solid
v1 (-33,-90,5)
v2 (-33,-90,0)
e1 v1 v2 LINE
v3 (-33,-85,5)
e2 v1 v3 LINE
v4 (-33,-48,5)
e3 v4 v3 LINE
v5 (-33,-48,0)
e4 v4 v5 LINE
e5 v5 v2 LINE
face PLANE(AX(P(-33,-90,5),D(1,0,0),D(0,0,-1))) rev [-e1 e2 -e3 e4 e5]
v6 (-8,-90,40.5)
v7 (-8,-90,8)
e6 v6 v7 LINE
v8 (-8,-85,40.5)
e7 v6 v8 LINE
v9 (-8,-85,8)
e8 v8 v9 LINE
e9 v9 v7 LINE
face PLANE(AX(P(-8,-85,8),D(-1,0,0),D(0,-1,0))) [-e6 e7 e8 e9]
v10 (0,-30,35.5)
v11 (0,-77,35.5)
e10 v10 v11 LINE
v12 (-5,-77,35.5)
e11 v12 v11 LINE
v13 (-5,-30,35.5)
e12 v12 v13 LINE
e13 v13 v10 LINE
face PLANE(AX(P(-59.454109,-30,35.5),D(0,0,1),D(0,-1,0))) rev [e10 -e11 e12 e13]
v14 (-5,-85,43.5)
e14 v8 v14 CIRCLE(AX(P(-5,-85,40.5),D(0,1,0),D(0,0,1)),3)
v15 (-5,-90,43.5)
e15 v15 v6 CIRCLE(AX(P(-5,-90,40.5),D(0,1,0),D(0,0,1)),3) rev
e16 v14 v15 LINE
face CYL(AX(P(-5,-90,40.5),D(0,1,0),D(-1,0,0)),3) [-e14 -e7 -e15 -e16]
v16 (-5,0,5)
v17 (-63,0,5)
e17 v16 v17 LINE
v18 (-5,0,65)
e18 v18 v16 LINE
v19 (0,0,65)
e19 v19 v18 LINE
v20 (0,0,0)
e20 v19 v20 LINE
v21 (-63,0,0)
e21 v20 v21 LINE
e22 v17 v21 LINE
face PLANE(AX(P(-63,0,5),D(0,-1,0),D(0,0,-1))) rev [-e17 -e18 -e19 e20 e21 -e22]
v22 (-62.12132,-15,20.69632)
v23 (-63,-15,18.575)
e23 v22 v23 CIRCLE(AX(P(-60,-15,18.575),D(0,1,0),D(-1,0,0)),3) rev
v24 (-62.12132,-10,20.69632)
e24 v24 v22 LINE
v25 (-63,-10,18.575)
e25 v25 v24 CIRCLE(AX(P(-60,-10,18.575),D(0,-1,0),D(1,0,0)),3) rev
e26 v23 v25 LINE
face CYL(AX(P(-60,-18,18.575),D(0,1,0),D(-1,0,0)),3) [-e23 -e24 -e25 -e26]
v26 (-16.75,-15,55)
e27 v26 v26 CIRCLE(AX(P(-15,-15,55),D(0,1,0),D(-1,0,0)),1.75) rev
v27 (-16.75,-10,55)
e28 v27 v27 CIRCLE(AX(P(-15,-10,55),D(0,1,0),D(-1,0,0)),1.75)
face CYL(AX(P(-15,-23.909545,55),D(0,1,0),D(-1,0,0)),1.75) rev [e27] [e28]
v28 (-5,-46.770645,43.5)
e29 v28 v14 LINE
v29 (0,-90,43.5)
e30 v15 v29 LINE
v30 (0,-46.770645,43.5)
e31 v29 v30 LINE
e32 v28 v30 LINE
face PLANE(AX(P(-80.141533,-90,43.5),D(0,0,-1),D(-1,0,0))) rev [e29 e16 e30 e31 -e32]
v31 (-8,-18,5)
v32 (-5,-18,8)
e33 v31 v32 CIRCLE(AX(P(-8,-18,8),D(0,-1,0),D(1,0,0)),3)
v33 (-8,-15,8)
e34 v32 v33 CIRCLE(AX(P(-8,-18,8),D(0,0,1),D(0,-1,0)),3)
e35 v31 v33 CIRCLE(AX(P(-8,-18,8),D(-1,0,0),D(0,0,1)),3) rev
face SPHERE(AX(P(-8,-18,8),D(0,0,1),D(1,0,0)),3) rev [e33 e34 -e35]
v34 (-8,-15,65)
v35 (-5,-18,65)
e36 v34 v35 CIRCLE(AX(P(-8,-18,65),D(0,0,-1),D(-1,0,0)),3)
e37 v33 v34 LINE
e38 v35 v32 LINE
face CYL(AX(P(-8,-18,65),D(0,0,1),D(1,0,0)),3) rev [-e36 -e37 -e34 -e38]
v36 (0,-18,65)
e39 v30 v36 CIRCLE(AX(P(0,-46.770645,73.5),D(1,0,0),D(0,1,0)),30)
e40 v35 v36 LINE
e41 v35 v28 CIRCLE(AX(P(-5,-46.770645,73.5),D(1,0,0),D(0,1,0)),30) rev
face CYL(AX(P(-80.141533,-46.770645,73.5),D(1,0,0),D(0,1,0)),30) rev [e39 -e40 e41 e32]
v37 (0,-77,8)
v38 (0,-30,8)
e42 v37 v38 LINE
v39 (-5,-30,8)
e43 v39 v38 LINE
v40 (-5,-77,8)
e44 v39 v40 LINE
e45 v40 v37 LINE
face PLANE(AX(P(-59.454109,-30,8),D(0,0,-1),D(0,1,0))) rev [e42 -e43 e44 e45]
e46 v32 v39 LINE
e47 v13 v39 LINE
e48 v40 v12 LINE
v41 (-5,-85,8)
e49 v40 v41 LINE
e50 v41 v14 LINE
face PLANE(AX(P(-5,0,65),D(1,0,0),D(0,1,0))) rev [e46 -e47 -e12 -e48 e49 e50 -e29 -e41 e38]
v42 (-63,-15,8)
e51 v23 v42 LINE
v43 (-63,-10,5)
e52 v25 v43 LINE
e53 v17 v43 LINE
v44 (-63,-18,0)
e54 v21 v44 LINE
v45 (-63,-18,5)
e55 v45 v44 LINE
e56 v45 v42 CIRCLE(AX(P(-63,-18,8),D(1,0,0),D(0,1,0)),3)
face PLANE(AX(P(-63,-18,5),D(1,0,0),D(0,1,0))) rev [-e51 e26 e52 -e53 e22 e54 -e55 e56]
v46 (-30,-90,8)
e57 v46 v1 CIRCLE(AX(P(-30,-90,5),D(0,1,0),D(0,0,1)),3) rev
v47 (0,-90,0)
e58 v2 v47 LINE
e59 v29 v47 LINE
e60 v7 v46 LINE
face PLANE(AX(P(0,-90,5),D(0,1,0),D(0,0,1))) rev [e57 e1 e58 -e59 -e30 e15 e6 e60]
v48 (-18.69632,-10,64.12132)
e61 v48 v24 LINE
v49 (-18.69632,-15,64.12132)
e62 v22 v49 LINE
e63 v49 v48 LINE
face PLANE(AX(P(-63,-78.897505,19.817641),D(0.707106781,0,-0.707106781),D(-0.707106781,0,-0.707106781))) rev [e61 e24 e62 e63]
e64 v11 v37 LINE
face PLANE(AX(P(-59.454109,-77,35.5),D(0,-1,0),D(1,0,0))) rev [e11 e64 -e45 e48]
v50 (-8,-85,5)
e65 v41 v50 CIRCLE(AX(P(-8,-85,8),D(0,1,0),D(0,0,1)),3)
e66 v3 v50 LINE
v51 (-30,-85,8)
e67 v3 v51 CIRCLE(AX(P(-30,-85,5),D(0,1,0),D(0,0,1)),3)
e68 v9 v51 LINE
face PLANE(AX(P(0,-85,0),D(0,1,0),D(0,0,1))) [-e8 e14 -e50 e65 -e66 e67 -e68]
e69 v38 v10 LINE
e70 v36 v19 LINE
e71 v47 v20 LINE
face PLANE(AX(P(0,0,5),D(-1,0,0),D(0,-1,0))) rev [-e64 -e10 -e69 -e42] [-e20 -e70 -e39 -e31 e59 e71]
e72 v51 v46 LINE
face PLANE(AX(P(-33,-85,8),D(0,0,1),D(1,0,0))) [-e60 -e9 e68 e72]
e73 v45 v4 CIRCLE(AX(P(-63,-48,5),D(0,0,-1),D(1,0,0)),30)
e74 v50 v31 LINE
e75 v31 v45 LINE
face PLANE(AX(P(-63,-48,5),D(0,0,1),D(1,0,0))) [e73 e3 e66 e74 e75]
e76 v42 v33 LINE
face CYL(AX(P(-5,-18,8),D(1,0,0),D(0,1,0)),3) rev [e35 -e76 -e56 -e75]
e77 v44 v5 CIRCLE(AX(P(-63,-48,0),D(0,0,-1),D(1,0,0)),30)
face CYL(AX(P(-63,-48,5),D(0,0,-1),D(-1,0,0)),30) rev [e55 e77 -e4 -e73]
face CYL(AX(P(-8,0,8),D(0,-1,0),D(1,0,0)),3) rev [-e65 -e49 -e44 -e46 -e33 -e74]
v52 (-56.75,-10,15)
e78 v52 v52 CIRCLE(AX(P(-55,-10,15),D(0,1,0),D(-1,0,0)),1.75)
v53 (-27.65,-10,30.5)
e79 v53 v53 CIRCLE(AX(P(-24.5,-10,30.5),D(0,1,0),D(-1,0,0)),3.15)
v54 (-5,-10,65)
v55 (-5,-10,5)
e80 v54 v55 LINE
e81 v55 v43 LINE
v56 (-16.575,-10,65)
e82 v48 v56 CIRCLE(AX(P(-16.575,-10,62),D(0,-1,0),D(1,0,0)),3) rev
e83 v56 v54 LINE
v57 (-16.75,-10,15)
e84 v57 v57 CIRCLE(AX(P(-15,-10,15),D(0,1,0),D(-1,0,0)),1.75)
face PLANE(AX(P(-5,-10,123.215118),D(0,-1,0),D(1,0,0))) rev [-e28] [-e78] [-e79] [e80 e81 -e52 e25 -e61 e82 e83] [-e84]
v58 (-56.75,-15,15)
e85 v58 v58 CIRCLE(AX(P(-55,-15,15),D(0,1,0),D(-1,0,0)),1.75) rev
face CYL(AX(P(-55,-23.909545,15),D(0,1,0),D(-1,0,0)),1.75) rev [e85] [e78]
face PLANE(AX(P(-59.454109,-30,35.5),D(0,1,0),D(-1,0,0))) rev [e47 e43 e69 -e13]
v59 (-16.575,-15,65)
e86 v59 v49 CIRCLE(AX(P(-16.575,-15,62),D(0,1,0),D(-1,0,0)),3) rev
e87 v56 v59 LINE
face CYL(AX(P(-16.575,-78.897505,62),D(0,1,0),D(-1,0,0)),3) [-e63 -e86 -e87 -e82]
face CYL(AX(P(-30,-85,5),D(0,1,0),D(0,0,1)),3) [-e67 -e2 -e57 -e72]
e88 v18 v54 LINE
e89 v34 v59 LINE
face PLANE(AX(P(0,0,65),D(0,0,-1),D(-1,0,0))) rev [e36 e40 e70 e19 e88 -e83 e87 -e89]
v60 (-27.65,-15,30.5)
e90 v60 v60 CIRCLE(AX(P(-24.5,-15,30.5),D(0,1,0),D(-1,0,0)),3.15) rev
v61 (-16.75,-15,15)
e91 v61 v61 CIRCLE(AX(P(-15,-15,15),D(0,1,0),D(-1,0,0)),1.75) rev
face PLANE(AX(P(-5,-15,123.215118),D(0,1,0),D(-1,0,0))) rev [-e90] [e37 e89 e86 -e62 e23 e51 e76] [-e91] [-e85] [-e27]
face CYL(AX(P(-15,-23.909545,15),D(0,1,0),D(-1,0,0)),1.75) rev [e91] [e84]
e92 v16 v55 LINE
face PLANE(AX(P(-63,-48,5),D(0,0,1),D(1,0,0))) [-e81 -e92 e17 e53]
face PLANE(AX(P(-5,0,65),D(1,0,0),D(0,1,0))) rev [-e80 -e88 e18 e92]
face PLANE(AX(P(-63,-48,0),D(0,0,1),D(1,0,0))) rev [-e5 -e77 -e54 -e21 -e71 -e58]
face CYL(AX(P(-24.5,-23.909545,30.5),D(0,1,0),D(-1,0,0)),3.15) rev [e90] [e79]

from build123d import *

# Parameters (mm, degrees)
SALIENTE_EXTRUIR1_DEPTH = 5
CROQUIS2_W              = 5
CROQUIS2_H              = 90
SALIENTE_EXTRUIR2_DEPTH = 60
CORTAR_EXTRUIR1_DEPTH   = 5
SALIENTE_EXTRUIR3_DEPTH = 5
REDONDEO1_R             = 3
CROQUIS5_W              = 58
CROQUIS5_H              = 5
SALIENTE_EXTRUIR4_DEPTH = 60
CORTAR_EXTRUIR2_DEPTH   = 5
REDONDEO2_R             = 3
REDONDEO3_R             = 3
CROQUIS7_R              = 1.75
CROQUIS7_R_2            = 3.15
CORTAR_EXTRUIR3_DEPTH   = 5
CROQUIS8_W              = 27.5
CROQUIS8_H              = 47
CORTAR_EXTRUIR4_DEPTH   = 5


with BuildPart() as part:
    # Croquis1 → Saliente-Extruir1 (new body)
    with BuildSketch(Plane.XY):
        with BuildLine():
            Line((-63, 0), (0, 0))
            Line((0, 0), (0, -90))
            Line((0, -90), (-33, -90))
            Line((-33, -90), (-33, -48))
            ThreePointArc((-33, -48), (-41.786797, -26.786797), (-63, -18))
            Line((-63, -18), (-63, 0))
        make_face()
    extrude(amount=SALIENTE_EXTRUIR1_DEPTH)

    # Croquis2 → Saliente-Extruir2 (add)
    with BuildSketch(Plane.XY.offset(5)):
        with Locations((-2.5, -45)):
            Rectangle(CROQUIS2_W, CROQUIS2_H)
    extrude(amount=SALIENTE_EXTRUIR2_DEPTH)

    # Croquis3 → Cortar-Extruir1 (cut)
    with BuildSketch(Plane(origin=(0, 0, 0), x_dir=(0, 0, -1), z_dir=(1, 0, 0))):
        with BuildLine():
            Line((-65, -90), (-43.5, -90))
            Line((-43.5, -90), (-43.5, -46.770645))
            ThreePointArc((-43.5, -46.770645), (-49.46877, -28.81236), (-65, -18))
            Line((-65, -18), (-65, -90))
        make_face()
    extrude(amount=-CORTAR_EXTRUIR1_DEPTH, mode=Mode.SUBTRACT)

    # Croquis4 → Saliente-Extruir3 (add)
    with BuildSketch(Plane.XZ.offset(90)):
        Polygon((-33, 8), (-8, 8), (-8, 43.5), (-5, 43.5), (-5, 5), (-33, 5), align=None)
    extrude(amount=-SALIENTE_EXTRUIR3_DEPTH)

    # Redondeo1
    redondeo1_edges = [part.edges().sort_by_distance(p)[0] for p in [
        (-33, -87.5, 8),
        (-8, -87.5, 43.5),
    ]]
    fillet(redondeo1_edges, radius=REDONDEO1_R)

    # Croquis5 → Saliente-Extruir4 (add)
    with BuildSketch(Plane.XY.offset(5)):
        with Locations((-34, -12.5)):
            Rectangle(CROQUIS5_W, CROQUIS5_H)
    extrude(amount=SALIENTE_EXTRUIR4_DEPTH)

    # Croquis6 → Cortar-Extruir2 (cut)
    with BuildSketch(Plane(origin=(0, -10, 0), x_dir=(1, 0, 0), z_dir=(0, 1, 0))):
        Polygon((-63, -19.817641), (-17.817641, -65), (-63, -65), align=None)
    extrude(amount=-CORTAR_EXTRUIR2_DEPTH, mode=Mode.SUBTRACT)

    # Redondeo2
    redondeo2_edges = [part.edges().sort_by_distance(p)[0] for p in [
        (-63, -12.5, 19.817641),
        (-17.817641, -12.5, 65),
    ]]
    fillet(redondeo2_edges, radius=REDONDEO2_R)

    # Redondeo3
    redondeo3_edges = [part.edges().sort_by_distance(p)[0] for p in [
        (-34, -15, 5),
        (-5, -15, 35),
        (-5, -50, 5),
    ]]
    fillet(redondeo3_edges, radius=REDONDEO3_R)

    # Croquis7 → Cortar-Extruir3 (cut)
    with BuildSketch(Plane(origin=(0, -10, 0), x_dir=(1, 0, 0), z_dir=(0, 1, 0))):
        with Locations((-15, -55)):
            Circle(CROQUIS7_R)
        with Locations((-15, -15)):
            Circle(CROQUIS7_R)
        with Locations((-55, -15)):
            Circle(CROQUIS7_R)
        with Locations((-24.5, -30.5)):
            Circle(CROQUIS7_R_2)
    extrude(amount=-CORTAR_EXTRUIR3_DEPTH, mode=Mode.SUBTRACT)

    # Croquis8 → Cortar-Extruir4 (cut)
    with BuildSketch(Plane(origin=(0, 0, 0), x_dir=(0, 0, -1), z_dir=(1, 0, 0))):
        with Locations((-21.75, -53.5)):
            Rectangle(CROQUIS8_W, CROQUIS8_H)
    extrude(amount=-CORTAR_EXTRUIR4_DEPTH, mode=Mode.SUBTRACT)


solid = part.part
